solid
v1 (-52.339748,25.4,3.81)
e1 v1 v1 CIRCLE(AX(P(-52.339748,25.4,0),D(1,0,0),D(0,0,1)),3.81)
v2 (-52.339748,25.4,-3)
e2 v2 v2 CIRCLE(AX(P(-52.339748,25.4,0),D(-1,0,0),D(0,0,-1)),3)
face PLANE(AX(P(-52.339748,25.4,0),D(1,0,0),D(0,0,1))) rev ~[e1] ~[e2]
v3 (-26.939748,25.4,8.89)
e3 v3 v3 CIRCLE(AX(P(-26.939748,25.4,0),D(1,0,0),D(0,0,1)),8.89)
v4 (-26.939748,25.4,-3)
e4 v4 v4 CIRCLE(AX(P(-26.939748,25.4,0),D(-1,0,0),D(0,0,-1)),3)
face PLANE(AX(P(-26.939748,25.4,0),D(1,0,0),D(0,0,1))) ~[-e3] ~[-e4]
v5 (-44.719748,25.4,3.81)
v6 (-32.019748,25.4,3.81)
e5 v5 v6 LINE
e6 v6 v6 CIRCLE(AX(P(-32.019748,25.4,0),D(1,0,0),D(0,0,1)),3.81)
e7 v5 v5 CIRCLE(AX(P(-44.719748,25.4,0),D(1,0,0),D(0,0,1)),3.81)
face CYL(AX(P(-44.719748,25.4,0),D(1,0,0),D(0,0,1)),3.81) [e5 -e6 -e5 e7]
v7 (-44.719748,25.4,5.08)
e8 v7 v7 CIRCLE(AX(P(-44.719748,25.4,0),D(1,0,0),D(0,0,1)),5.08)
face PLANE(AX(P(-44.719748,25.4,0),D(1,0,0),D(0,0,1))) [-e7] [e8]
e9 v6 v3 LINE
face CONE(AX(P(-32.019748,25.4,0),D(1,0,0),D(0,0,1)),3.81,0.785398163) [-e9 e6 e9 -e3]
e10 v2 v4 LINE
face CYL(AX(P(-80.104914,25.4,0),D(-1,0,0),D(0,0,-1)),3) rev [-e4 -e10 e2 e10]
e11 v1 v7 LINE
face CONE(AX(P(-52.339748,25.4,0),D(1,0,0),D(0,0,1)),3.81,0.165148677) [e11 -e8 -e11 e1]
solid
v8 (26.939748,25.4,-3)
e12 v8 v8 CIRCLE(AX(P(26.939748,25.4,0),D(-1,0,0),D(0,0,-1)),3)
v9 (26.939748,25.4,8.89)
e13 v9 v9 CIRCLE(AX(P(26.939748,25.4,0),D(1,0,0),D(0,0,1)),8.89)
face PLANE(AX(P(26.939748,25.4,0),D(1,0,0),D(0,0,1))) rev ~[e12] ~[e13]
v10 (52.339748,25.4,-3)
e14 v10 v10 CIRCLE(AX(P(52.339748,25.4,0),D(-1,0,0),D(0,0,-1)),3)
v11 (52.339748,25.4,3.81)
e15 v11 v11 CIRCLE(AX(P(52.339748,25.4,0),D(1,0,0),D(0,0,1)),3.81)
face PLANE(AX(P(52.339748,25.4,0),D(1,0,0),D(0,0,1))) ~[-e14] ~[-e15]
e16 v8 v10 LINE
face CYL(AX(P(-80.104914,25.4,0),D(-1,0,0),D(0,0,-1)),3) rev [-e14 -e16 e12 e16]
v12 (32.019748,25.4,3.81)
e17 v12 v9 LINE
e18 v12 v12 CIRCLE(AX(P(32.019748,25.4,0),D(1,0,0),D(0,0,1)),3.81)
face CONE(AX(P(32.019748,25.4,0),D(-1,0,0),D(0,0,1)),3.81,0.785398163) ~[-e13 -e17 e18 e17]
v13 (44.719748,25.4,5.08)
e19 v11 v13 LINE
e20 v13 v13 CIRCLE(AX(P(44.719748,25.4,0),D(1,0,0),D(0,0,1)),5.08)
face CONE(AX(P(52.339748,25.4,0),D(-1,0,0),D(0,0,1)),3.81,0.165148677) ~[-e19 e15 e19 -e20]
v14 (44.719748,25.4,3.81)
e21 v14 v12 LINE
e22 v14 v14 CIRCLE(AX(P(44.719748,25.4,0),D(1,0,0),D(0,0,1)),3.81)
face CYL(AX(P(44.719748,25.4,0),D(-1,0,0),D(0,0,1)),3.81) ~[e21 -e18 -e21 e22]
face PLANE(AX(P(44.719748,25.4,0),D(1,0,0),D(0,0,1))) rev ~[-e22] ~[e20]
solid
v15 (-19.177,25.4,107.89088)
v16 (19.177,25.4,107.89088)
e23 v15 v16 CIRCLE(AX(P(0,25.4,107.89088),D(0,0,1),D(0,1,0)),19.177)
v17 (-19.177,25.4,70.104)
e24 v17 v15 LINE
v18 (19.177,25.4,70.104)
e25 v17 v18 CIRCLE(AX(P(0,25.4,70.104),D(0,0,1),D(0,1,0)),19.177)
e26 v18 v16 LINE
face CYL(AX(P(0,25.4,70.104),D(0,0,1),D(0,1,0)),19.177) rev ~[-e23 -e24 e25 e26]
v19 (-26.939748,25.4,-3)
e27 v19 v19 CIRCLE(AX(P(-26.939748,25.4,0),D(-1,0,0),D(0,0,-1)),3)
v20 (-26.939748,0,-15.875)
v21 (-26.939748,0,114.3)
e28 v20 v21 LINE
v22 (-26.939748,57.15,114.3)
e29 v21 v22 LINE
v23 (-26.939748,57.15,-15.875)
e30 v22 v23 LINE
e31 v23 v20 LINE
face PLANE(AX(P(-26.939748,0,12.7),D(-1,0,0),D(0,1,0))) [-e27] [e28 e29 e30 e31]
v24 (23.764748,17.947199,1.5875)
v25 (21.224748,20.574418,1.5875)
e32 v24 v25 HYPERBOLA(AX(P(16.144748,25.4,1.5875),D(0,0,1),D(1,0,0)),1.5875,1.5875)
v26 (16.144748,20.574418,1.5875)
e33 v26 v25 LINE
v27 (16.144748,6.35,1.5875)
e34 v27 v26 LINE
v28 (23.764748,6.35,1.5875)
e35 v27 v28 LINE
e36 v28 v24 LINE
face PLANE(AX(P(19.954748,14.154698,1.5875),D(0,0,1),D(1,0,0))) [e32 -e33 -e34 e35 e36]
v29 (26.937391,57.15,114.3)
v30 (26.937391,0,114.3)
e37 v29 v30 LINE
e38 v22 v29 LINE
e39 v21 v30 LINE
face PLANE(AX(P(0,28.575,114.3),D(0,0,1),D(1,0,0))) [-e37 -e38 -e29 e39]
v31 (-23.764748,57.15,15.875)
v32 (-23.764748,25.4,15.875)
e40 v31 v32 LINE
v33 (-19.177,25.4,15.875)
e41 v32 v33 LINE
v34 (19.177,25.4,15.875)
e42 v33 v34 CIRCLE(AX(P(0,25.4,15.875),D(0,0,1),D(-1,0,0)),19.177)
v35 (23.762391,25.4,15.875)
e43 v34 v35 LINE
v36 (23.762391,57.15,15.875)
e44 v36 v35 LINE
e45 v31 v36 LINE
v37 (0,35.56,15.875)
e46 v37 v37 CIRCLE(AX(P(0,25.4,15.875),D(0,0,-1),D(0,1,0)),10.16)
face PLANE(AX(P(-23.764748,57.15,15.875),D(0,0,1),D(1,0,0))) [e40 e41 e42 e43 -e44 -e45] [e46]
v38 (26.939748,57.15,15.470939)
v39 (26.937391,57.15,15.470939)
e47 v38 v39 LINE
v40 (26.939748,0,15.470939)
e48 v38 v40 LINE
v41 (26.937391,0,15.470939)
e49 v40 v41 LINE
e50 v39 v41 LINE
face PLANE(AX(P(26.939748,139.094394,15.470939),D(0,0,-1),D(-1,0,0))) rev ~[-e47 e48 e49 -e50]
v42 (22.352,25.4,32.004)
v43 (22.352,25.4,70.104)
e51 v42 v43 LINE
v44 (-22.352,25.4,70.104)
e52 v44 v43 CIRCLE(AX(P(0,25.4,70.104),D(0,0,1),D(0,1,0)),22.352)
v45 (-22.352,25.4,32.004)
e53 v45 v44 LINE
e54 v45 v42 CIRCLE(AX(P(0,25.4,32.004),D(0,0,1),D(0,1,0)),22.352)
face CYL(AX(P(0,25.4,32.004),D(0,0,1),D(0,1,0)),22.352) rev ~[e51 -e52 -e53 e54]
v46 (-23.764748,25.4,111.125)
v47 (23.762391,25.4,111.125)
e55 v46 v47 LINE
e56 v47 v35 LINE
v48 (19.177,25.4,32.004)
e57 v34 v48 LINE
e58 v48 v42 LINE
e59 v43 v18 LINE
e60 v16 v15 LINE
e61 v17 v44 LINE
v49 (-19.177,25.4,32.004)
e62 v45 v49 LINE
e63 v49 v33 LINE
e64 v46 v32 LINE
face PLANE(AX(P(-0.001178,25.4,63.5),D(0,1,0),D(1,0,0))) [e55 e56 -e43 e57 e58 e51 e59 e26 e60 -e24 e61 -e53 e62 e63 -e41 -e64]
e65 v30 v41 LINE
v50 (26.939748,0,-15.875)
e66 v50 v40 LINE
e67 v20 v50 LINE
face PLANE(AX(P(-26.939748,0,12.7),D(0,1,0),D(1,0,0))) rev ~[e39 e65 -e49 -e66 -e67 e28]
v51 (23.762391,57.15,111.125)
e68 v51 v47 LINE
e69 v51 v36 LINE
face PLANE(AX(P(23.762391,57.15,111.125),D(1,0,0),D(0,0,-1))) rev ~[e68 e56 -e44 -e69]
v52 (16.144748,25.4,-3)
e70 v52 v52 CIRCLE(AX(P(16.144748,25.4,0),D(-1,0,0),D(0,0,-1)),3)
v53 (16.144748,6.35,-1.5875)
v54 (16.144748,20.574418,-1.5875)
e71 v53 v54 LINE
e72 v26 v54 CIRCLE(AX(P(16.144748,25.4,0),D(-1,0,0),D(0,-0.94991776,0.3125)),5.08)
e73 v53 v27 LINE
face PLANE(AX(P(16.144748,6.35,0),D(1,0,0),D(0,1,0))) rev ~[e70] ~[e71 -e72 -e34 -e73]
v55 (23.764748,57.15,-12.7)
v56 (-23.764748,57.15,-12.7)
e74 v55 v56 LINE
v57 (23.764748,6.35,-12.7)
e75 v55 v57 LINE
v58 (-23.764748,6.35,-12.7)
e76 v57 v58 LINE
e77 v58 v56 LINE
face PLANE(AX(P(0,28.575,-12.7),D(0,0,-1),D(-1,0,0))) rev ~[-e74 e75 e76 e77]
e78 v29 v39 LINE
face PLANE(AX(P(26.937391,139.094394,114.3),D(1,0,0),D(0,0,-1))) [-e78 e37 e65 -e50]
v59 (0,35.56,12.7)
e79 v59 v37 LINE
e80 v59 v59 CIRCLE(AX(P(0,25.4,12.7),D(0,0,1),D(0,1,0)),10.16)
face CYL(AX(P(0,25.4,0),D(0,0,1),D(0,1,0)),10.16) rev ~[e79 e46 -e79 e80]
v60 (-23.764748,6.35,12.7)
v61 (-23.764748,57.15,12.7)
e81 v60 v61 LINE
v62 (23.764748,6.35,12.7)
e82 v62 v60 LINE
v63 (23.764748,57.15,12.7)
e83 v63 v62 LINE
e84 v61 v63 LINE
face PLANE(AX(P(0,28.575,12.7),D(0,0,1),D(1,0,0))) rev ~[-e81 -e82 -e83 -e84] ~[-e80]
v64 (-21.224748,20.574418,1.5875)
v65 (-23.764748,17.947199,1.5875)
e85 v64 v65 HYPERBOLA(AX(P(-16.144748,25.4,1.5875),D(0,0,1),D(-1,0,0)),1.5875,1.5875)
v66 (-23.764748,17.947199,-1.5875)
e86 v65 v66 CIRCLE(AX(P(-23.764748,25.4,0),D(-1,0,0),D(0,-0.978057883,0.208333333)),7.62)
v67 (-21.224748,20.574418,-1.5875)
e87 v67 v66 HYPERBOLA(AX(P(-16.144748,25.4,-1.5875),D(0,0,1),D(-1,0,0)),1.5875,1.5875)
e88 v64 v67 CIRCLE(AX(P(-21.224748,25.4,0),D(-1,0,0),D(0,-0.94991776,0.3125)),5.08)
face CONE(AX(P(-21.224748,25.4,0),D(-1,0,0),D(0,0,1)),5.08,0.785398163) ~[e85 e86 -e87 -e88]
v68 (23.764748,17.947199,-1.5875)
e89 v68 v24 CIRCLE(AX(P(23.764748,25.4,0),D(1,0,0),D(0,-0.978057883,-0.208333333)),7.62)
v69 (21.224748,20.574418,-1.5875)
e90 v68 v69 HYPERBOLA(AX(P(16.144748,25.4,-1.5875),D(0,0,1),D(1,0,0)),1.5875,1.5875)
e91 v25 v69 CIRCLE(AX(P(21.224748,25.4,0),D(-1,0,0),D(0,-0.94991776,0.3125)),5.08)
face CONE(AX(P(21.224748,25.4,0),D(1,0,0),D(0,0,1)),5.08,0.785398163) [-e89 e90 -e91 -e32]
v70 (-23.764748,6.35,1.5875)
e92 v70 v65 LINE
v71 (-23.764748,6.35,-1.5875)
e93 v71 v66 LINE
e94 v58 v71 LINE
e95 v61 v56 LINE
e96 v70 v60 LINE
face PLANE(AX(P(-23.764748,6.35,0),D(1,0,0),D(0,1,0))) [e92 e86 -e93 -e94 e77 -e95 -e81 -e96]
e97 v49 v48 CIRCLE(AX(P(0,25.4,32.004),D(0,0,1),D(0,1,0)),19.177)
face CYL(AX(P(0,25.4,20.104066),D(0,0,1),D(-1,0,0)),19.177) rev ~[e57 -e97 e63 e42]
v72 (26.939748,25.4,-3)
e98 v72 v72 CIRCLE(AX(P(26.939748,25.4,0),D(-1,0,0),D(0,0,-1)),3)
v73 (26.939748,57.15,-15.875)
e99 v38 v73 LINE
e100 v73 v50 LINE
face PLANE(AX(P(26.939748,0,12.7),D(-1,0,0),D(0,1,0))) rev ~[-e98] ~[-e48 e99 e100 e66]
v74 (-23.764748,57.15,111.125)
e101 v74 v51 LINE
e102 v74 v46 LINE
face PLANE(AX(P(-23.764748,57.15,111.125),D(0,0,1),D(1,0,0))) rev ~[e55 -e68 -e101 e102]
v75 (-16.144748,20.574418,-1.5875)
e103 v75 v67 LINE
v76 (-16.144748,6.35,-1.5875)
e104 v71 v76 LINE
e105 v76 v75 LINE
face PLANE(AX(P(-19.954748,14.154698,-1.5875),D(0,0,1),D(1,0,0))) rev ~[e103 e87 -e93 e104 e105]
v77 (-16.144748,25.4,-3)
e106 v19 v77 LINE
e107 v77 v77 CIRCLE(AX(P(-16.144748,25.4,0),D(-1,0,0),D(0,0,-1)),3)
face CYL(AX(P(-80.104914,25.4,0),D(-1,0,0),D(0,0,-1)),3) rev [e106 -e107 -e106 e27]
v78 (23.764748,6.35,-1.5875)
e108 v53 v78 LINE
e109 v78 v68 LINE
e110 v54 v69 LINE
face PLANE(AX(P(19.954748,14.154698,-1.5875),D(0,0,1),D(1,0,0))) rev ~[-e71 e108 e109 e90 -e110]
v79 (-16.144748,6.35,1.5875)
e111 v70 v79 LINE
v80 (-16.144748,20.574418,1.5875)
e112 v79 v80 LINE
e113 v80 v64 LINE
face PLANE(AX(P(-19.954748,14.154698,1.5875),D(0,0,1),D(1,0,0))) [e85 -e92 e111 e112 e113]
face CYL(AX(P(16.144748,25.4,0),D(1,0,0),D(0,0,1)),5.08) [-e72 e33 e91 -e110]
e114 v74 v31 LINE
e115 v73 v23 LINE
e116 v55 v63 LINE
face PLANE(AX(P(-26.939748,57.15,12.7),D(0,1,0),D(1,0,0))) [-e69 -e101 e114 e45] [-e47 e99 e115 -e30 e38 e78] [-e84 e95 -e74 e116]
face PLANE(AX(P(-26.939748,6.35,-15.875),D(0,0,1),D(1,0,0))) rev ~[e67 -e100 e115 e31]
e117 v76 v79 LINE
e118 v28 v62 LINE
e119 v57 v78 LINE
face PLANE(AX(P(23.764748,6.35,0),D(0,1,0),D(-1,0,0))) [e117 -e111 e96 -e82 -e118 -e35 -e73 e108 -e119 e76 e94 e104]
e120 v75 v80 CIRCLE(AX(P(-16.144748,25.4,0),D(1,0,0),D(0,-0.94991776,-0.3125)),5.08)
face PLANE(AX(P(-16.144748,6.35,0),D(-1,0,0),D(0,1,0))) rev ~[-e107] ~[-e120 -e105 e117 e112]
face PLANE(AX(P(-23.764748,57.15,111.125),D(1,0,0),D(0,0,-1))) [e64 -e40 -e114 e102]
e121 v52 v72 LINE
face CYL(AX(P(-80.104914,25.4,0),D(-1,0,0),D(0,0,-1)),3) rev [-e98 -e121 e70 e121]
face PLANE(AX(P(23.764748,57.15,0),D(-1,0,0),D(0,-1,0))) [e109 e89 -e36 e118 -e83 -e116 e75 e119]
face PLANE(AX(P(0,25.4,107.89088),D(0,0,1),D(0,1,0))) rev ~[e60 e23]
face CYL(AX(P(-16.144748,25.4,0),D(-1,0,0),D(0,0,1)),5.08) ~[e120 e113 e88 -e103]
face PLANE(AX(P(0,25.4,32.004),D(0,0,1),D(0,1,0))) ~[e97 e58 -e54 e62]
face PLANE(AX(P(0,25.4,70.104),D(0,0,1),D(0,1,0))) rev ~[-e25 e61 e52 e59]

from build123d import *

# Parameters (mm, degrees)
BOSS_EXTRUDE1_DEPTH     = 12.7
SKETCH2_W               = 53.879496
SKETCH2_H               = 57.15
BOSS_EXTRUDE2_DEPTH     = 3.175
CUT_EXTRUDE2_DEPTH      = 80.104913537
CUT_EXTRUDE2_DEPTH_BACK = 80.104913537
SKETCH3_R               = 3
SKETCH5_W               = 53.879496
SKETCH5_H               = 25.4
SKETCH5_R               = 3.4925
BOSS_EXTRUDE3_DEPTH     = 6.35
SKETCH7_W               = 7.62
SKETCH7_H               = 15.609396712
BOSS_EXTRUDE7_DEPTH     = 1.5875
SKETCH8_W               = 53.879496
SKETCH8_H               = 57.15
BOSS_EXTRUDE8_DEPTH     = 101.6
CUT_EXTRUDE7_DEPTH      = 139.094394241
CUT_EXTRUDE7_DEPTH_BACK = 139.094394241
SKETCH13_W              = 0.002356984
SKETCH13_H              = 98.829061331
SKETCH14_W              = 47.527139016
SKETCH14_H              = 95.25
CUT_EXTRUDE8_DEPTH      = 31.75
CUT_EXTRUDE9_DEPTH      = 4.229066359
SKETCH16_W              = 53.879496
SKETCH16_H              = 25.4
CUT_EXTRUDE10_DEPTH     = 136.589746001


with BuildPart() as part:
    # Sketch1 → Boss-Extrude1 (new, symmetric)
    with BuildSketch(Plane.XY):
        Polygon((-26.939748, 0), (26.939748, 0), (26.939748, 6.35), (26.939748, 57.15), (23.764748, 57.15), (23.764748, 6.35), (-23.764748, 6.35), (-23.764748, 57.15), (-26.939748, 57.15), (-26.939748, 6.35), align=None)
    extrude(amount=BOSS_EXTRUDE1_DEPTH, both=True)

    # Sketch2 → Boss-Extrude2 (add)
    with BuildSketch(Plane(origin=(0, 0, -12.7), x_dir=(-1, 0, 0), z_dir=(0, 0, -1))):
        with Locations((0, 28.575)):
            Rectangle(SKETCH2_W, SKETCH2_H)
    extrude(amount=BOSS_EXTRUDE2_DEPTH)

    # Sketch6 → Revolve2 (revolve)
    with BuildSketch(Plane.XY, mode=Mode.PRIVATE) as revolve2_sk:
        Polygon((-23.764748, 25.4), (-16.144748, 25.4), (-16.144748, 30.48), (-21.224748, 30.48), (-23.764748, 33.02), align=None)
        Polygon((23.764748, 33.02), (23.764748, 25.4), (16.144748, 25.4), (16.144748, 30.48), (21.224748, 30.48), align=None)
    revolve(revolve2_sk.sketch.rotate(Axis((-23.764748, 25.4, 0), (1, 0, 0)), 90), axis=Axis((-23.764748, 25.4, 0), (1, 0, 0)))


with BuildPart() as body_2:
    # Sketch4 → Revolve1 (revolve)
    with BuildSketch(Plane.XY, mode=Mode.PRIVATE) as revolve1_sk:
        Polygon((-32.019748, 29.21), (-26.939748, 34.29), (-26.939748, 29.21), (-26.939748, 26.924), (-26.939748, 25.4), (-52.339748, 25.4), (-52.339748, 26.924), (-52.339748, 29.21), (-44.719748, 30.48), (-44.719748, 29.21), align=None)
        Polygon((26.939748, 34.29), (26.939748, 29.21), (26.939748, 26.924), (26.939748, 25.4), (52.339748, 25.4), (52.339748, 26.924), (52.339748, 29.21), (44.719748, 30.48), (44.719748, 29.21), (32.019748, 29.21), align=None)
    revolve(revolve1_sk.sketch.rotate(Axis((25.4, 25.4, 0), (1, 0, 0)), 90), axis=Axis((25.4, 25.4, 0), (1, 0, 0)))


with BuildPart() as cut_extrude2_tool:
    # Sketch3 → Cut-Extrude2 (new, two sides: drawn at the far end of the back side and taken through both)
    with BuildSketch(Plane(origin=(0, 0, 0), x_dir=(0, 0, -1), z_dir=(1, 0, 0)).offset(-CUT_EXTRUDE2_DEPTH_BACK)):
        with Locations((0, 25.4)):
            Circle(SKETCH3_R)
    extrude(amount=CUT_EXTRUDE2_DEPTH + CUT_EXTRUDE2_DEPTH_BACK)


with BuildPart() as part_1:
    add(part.part)

    # Cut-Extrude2: cut by cut_extrude2_tool
    add(cut_extrude2_tool.part, mode=Mode.SUBTRACT)

    # Sketch5 → Boss-Extrude3 (add)
    with BuildSketch(Plane.XZ):
        with Locations((0, -28.575)):
            Rectangle(SKETCH5_W, SKETCH5_H)
        with Locations(Location((7.889748, -28.575, 0), (0, 0, 270))):
            Circle(SKETCH5_R, mode=Mode.SUBTRACT)
        with Locations(Location((-17.510252, -28.575, 0), (0, 0, 270))):
            Circle(SKETCH5_R, mode=Mode.SUBTRACT)
    extrude(amount=-BOSS_EXTRUDE3_DEPTH)

    # Sketch7 → Boss-Extrude7 (add, symmetric)
    with BuildSketch(Plane.XY):
        with Locations((-19.954748, 14.154698356)):
            Rectangle(SKETCH7_W, SKETCH7_H)
        with Locations((19.954748, 14.154698356)):
            Rectangle(SKETCH7_W, SKETCH7_H)
    extrude(amount=BOSS_EXTRUDE7_DEPTH, both=True)

    # Sketch8 → Boss-Extrude8 (add)
    with BuildSketch(Plane.XY.offset(12.7)):
        with Locations((0, 28.575)):
            Rectangle(SKETCH8_W, SKETCH8_H)
    extrude(amount=BOSS_EXTRUDE8_DEPTH)

    # Sketch9 → Cut-Revolve1 (revolve, cut)
    with BuildSketch(Plane(origin=(0, 0, 0), x_dir=(0, 0, -1), z_dir=(1, 0, 0))):
        Polygon((-70.104, 47.752), (-70.104, 44.577), (-107.890879501, 44.577), (-107.890879501, 25.4), (-70.104, 25.4), (0, 25.4), (0, 35.56), (-20.104066359, 35.56), (-20.104066359, 44.577), (-32.004, 44.577), (-32.004, 47.752), align=None)
    revolve(axis=Axis((0, 25.4, 0), (0, 0, 1)), mode=Mode.SUBTRACT)

    # Sketch13 → Cut-Extrude7 (cut, two sides: drawn at the far end of the back side and taken through both)
    with BuildSketch(Plane(origin=(0, 0, 0), x_dir=(-1, 0, 0), z_dir=(0, -1, 0)).offset(-CUT_EXTRUDE7_DEPTH_BACK)):
        with Locations((26.940926492, -64.885469335)):
            Rectangle(SKETCH13_W, SKETCH13_H)
        with Locations((-26.938569508, -64.885469335)):
            Rectangle(SKETCH13_W, SKETCH13_H)
    extrude(amount=CUT_EXTRUDE7_DEPTH + CUT_EXTRUDE7_DEPTH_BACK, mode=Mode.SUBTRACT)

    # Sketch14 → Cut-Extrude8 (cut)
    with BuildSketch(Plane(origin=(0, 57.15, 0), x_dir=(1, 0, 0), z_dir=(0, 1, 0))):
        with Locations((-0.001178492, -63.5)):
            Rectangle(SKETCH14_W, SKETCH14_H)
    extrude(amount=-CUT_EXTRUDE8_DEPTH, mode=Mode.SUBTRACT)

    # Sketch15 → Cut-Extrude9 (cut)
    with BuildSketch(Plane.XY.offset(20.104066359)):
        with BuildLine():
            Line((-10.16, 25.4), (-19.177, 25.4))
            ThreePointArc((-19.177, 25.4), (0, 6.223), (19.177, 25.4))
            Line((19.177, 25.4), (10.16, 25.4))
            ThreePointArc((10.16, 25.4), (0, 15.24), (-10.16, 25.4))
        make_face()
    extrude(amount=-CUT_EXTRUDE9_DEPTH, mode=Mode.SUBTRACT)

    # Sketch16 → Cut-Extrude10 (cut, through all)
    with BuildSketch(Plane(origin=(0, 6.35, 0), x_dir=(1, 0, 0), z_dir=(0, 1, 0))):
        with Locations((0, 28.575)):
            Rectangle(SKETCH16_W, SKETCH16_H)
    extrude(amount=-CUT_EXTRUDE10_DEPTH, mode=Mode.SUBTRACT)


with BuildPart() as body_2_1:
    add(body_2.part)

    # Cut-Extrude2: cut by cut_extrude2_tool
    add(cut_extrude2_tool.part, mode=Mode.SUBTRACT)


solid = Compound([part_1.part, body_2_1.part])
